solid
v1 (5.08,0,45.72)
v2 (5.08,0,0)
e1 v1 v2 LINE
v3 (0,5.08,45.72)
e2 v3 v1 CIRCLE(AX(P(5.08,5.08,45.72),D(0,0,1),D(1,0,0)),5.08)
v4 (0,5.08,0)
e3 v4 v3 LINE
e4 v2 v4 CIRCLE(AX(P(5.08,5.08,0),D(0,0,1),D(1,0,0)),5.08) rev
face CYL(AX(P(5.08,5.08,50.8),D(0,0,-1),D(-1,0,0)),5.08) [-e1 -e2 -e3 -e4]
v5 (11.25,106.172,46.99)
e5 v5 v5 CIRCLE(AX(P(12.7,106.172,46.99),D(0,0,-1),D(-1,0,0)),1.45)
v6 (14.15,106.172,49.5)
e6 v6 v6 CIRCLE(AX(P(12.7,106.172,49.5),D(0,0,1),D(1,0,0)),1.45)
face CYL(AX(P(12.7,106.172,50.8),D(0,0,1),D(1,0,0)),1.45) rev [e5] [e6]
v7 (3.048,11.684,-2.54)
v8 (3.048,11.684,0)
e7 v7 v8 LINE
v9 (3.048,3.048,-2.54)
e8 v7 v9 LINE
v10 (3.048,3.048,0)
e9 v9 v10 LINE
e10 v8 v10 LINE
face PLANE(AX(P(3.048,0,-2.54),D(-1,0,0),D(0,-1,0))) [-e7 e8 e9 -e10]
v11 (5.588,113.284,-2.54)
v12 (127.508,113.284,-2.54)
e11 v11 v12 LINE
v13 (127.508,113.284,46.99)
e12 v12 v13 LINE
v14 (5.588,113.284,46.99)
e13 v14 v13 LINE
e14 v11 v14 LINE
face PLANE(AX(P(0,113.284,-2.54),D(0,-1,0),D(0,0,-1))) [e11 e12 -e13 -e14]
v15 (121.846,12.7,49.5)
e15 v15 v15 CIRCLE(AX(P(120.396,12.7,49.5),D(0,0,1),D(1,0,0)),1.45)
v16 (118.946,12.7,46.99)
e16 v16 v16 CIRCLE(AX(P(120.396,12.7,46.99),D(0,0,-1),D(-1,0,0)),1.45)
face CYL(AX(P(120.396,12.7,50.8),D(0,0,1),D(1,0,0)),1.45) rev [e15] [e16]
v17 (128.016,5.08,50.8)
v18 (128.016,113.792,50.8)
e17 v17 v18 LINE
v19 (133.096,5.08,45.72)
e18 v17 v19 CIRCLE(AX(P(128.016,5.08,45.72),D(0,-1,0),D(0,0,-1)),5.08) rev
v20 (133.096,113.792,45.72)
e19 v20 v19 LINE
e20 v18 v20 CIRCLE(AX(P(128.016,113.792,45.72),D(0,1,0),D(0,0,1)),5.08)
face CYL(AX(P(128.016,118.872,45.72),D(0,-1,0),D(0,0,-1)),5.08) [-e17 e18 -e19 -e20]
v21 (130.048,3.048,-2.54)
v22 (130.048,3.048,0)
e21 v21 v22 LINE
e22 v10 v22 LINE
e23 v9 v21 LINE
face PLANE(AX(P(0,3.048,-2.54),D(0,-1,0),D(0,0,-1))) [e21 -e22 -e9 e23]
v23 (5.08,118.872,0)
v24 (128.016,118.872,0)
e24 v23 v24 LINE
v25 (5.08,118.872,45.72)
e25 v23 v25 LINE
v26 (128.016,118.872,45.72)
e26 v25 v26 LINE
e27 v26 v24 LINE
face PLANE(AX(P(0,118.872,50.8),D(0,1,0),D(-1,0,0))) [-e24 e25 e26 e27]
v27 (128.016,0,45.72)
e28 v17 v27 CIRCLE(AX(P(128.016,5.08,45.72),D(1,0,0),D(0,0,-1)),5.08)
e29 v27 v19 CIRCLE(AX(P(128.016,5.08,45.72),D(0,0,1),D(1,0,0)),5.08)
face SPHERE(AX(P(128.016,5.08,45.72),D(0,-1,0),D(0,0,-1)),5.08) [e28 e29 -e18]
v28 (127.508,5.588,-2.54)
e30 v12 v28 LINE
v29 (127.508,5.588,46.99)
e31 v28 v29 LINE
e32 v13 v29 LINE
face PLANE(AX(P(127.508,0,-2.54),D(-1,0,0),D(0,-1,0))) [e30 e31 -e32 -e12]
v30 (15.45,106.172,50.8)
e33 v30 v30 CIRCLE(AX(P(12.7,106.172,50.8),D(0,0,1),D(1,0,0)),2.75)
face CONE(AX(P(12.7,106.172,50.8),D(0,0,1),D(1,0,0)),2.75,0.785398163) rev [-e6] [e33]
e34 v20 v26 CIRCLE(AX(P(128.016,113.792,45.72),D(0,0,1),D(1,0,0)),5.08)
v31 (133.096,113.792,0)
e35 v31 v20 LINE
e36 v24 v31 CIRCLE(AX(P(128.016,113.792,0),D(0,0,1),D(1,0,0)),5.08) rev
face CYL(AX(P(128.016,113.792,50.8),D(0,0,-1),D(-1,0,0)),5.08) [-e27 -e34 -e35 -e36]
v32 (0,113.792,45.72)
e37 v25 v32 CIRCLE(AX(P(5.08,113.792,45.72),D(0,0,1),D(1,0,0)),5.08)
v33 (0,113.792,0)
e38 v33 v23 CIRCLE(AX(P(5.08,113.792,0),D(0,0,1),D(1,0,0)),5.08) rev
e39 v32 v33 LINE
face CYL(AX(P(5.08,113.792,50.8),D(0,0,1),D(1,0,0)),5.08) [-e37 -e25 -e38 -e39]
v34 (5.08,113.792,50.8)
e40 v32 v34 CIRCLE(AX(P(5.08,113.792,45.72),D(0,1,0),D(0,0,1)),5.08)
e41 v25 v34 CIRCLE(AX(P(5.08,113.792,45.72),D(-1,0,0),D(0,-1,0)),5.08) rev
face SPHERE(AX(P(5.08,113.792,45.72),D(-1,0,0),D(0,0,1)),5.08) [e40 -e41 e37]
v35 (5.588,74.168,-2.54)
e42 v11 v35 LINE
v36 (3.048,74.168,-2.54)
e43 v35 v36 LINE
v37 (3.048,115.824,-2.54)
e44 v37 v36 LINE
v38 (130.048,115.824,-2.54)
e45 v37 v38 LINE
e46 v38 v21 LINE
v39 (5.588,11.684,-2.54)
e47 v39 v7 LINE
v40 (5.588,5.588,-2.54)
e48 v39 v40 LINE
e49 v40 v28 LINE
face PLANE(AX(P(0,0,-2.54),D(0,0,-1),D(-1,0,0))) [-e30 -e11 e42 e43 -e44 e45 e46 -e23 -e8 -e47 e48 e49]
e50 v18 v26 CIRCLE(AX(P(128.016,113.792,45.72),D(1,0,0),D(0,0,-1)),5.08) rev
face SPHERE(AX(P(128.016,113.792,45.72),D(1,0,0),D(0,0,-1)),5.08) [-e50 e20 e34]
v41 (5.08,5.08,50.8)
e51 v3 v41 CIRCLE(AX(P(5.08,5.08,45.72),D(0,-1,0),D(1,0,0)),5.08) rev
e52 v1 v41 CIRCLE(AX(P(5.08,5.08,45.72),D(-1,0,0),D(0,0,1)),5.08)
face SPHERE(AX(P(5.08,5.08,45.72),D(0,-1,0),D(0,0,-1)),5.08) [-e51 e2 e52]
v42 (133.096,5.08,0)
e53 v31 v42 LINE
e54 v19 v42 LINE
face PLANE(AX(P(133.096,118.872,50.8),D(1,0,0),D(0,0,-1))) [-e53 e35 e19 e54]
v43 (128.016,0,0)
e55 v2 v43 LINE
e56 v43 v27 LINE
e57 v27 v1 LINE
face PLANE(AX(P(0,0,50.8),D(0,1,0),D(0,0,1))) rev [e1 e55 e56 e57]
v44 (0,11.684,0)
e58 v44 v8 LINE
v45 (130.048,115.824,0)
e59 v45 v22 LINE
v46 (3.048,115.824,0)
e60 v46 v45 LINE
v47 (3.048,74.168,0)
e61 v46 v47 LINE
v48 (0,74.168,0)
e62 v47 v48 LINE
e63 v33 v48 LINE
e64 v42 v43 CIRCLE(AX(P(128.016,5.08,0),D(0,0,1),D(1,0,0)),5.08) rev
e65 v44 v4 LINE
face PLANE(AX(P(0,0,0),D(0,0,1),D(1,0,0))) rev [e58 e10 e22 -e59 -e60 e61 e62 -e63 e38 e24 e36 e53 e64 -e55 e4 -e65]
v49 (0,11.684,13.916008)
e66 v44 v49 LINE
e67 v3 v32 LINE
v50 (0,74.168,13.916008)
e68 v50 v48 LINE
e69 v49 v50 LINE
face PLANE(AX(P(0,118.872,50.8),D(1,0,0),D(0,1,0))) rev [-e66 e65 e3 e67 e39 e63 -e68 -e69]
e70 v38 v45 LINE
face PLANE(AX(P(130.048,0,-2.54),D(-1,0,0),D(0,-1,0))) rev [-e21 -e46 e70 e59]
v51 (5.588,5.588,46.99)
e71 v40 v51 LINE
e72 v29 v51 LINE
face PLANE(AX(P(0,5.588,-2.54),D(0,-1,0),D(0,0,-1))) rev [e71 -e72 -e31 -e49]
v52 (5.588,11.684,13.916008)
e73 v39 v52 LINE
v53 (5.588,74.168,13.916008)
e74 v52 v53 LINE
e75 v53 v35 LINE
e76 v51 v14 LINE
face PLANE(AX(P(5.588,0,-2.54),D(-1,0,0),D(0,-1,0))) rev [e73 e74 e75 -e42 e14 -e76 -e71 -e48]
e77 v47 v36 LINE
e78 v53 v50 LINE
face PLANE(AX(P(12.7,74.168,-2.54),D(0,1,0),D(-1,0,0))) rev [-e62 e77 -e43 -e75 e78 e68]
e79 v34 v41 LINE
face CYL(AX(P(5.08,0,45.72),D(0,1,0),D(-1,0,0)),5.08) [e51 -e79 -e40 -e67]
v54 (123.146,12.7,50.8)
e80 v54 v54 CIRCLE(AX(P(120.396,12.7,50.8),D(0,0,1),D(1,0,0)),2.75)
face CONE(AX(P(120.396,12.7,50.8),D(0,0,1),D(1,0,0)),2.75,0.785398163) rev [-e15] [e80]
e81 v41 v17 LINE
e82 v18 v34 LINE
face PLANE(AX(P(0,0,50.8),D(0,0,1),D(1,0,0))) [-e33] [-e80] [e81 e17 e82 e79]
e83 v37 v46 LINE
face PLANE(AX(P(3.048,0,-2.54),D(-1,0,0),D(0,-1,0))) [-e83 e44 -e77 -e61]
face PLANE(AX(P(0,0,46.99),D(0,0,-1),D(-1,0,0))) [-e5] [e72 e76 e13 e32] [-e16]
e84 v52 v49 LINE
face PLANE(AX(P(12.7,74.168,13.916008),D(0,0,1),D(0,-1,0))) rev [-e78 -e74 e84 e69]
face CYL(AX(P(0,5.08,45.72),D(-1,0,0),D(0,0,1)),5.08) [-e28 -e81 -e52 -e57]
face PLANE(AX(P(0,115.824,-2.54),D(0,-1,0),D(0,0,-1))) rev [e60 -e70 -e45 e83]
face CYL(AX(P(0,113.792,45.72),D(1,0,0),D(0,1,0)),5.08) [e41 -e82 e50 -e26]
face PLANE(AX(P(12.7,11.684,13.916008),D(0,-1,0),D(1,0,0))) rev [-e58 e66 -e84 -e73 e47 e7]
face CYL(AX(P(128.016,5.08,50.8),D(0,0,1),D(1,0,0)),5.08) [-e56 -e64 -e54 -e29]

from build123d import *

# Parameters (mm, degrees)
SKETCH3_W                                         = 133.096
SKETCH3_H                                         = 118.872
BOSS_EXTRUDE1_DEPTH                               = 50.8
BOSS_EXTRUDE2_DEPTH                               = 2.54
SKETCH11_W                                        = 121.92
SKETCH11_H                                        = 107.696
CUT_EXTRUDE1_DEPTH                                = 46.99
SKETCH12_W                                        = 16.456007839
SKETCH12_H                                        = 62.484
CUT_EXTRUDE2_DEPTH                                = 12.7
FILLET1_R                                         = 5.08
CSK_FOR_M2_5_FLAT_HEAD_MACHINE_SCREW1_D           = 2.9
CSK_FOR_M2_5_FLAT_HEAD_MACHINE_SCREW1_DEPTH       = 5.08
CSK_FOR_M2_5_FLAT_HEAD_MACHINE_SCREW1_CSINK_D     = 5.5
CSK_FOR_M2_5_FLAT_HEAD_MACHINE_SCREW1_CSINK_ANGLE = 90
CSK_FOR_M2_5_FLAT_HEAD_MACHINE_SCREW1_TIP         = 0.871247898


with BuildPart() as part:
    # Sketch3 → Boss-Extrude1 (new body)
    with BuildSketch(Plane.XY):
        with Locations((66.548, 59.436)):
            Rectangle(SKETCH3_W, SKETCH3_H)
    extrude(amount=BOSS_EXTRUDE1_DEPTH)

    # Sketch3<5> → Boss-Extrude2 (add)
    with BuildSketch(Plane.XY):
        Polygon((130.048, 115.824), (3.048, 115.824), (3.048, 74.168), (3.048, 11.684), (3.048, 3.048), (130.048, 3.048), align=None)
        Polygon((5.588, 74.168), (5.588, 113.284), (127.508, 113.284), (127.508, 5.588), (5.588, 5.588), (5.588, 11.684), align=None, mode=Mode.SUBTRACT)
    extrude(amount=-BOSS_EXTRUDE2_DEPTH)

    # Sketch11 → Cut-Extrude1 (cut)
    with BuildSketch(Plane(origin=(0, 0, 0), x_dir=(-1, 0, 0), z_dir=(0, 0, -1))):
        with Locations((-66.548, 59.436)):
            Rectangle(SKETCH11_W, SKETCH11_H)
    extrude(amount=-CUT_EXTRUDE1_DEPTH, mode=Mode.SUBTRACT)

    # Sketch12 → Cut-Extrude2 (cut)
    with BuildSketch(Plane.ZY):
        with Locations((5.688003919, 42.926)):
            Rectangle(SKETCH12_W, SKETCH12_H)
    extrude(amount=-CUT_EXTRUDE2_DEPTH, mode=Mode.SUBTRACT)

    # Fillet1
    fillet1_edges = [part.edges().sort_by_distance(p)[0] for p in [
        (133.096, 59.436, 50.8),
        (66.548, 118.872, 50.8),
        (0, 59.436, 50.8),
        (0, 118.872, 25.4),
        (133.096, 118.872, 25.4),
        (133.096, 0, 25.4),
        (0, 0, 25.4),
        (66.548, 0, 50.8),
    ]]
    fillet(fillet1_edges, radius=FILLET1_R)

    # CSK for M2.5 Flat Head Machine Screw1
    with Locations(Plane.XY.offset(50.8)):
        with Locations((12.7, 106.172), (120.396, 12.7)):
            CounterSinkHole(CSK_FOR_M2_5_FLAT_HEAD_MACHINE_SCREW1_D / 2, CSK_FOR_M2_5_FLAT_HEAD_MACHINE_SCREW1_CSINK_D / 2, depth=CSK_FOR_M2_5_FLAT_HEAD_MACHINE_SCREW1_DEPTH, counter_sink_angle=CSK_FOR_M2_5_FLAT_HEAD_MACHINE_SCREW1_CSINK_ANGLE)
            with Locations((0, 0, -(CSK_FOR_M2_5_FLAT_HEAD_MACHINE_SCREW1_DEPTH + CSK_FOR_M2_5_FLAT_HEAD_MACHINE_SCREW1_TIP / 2))):  # 118° drill point
                Cone(0, CSK_FOR_M2_5_FLAT_HEAD_MACHINE_SCREW1_D / 2, CSK_FOR_M2_5_FLAT_HEAD_MACHINE_SCREW1_TIP, mode=Mode.SUBTRACT)


solid = part.part
